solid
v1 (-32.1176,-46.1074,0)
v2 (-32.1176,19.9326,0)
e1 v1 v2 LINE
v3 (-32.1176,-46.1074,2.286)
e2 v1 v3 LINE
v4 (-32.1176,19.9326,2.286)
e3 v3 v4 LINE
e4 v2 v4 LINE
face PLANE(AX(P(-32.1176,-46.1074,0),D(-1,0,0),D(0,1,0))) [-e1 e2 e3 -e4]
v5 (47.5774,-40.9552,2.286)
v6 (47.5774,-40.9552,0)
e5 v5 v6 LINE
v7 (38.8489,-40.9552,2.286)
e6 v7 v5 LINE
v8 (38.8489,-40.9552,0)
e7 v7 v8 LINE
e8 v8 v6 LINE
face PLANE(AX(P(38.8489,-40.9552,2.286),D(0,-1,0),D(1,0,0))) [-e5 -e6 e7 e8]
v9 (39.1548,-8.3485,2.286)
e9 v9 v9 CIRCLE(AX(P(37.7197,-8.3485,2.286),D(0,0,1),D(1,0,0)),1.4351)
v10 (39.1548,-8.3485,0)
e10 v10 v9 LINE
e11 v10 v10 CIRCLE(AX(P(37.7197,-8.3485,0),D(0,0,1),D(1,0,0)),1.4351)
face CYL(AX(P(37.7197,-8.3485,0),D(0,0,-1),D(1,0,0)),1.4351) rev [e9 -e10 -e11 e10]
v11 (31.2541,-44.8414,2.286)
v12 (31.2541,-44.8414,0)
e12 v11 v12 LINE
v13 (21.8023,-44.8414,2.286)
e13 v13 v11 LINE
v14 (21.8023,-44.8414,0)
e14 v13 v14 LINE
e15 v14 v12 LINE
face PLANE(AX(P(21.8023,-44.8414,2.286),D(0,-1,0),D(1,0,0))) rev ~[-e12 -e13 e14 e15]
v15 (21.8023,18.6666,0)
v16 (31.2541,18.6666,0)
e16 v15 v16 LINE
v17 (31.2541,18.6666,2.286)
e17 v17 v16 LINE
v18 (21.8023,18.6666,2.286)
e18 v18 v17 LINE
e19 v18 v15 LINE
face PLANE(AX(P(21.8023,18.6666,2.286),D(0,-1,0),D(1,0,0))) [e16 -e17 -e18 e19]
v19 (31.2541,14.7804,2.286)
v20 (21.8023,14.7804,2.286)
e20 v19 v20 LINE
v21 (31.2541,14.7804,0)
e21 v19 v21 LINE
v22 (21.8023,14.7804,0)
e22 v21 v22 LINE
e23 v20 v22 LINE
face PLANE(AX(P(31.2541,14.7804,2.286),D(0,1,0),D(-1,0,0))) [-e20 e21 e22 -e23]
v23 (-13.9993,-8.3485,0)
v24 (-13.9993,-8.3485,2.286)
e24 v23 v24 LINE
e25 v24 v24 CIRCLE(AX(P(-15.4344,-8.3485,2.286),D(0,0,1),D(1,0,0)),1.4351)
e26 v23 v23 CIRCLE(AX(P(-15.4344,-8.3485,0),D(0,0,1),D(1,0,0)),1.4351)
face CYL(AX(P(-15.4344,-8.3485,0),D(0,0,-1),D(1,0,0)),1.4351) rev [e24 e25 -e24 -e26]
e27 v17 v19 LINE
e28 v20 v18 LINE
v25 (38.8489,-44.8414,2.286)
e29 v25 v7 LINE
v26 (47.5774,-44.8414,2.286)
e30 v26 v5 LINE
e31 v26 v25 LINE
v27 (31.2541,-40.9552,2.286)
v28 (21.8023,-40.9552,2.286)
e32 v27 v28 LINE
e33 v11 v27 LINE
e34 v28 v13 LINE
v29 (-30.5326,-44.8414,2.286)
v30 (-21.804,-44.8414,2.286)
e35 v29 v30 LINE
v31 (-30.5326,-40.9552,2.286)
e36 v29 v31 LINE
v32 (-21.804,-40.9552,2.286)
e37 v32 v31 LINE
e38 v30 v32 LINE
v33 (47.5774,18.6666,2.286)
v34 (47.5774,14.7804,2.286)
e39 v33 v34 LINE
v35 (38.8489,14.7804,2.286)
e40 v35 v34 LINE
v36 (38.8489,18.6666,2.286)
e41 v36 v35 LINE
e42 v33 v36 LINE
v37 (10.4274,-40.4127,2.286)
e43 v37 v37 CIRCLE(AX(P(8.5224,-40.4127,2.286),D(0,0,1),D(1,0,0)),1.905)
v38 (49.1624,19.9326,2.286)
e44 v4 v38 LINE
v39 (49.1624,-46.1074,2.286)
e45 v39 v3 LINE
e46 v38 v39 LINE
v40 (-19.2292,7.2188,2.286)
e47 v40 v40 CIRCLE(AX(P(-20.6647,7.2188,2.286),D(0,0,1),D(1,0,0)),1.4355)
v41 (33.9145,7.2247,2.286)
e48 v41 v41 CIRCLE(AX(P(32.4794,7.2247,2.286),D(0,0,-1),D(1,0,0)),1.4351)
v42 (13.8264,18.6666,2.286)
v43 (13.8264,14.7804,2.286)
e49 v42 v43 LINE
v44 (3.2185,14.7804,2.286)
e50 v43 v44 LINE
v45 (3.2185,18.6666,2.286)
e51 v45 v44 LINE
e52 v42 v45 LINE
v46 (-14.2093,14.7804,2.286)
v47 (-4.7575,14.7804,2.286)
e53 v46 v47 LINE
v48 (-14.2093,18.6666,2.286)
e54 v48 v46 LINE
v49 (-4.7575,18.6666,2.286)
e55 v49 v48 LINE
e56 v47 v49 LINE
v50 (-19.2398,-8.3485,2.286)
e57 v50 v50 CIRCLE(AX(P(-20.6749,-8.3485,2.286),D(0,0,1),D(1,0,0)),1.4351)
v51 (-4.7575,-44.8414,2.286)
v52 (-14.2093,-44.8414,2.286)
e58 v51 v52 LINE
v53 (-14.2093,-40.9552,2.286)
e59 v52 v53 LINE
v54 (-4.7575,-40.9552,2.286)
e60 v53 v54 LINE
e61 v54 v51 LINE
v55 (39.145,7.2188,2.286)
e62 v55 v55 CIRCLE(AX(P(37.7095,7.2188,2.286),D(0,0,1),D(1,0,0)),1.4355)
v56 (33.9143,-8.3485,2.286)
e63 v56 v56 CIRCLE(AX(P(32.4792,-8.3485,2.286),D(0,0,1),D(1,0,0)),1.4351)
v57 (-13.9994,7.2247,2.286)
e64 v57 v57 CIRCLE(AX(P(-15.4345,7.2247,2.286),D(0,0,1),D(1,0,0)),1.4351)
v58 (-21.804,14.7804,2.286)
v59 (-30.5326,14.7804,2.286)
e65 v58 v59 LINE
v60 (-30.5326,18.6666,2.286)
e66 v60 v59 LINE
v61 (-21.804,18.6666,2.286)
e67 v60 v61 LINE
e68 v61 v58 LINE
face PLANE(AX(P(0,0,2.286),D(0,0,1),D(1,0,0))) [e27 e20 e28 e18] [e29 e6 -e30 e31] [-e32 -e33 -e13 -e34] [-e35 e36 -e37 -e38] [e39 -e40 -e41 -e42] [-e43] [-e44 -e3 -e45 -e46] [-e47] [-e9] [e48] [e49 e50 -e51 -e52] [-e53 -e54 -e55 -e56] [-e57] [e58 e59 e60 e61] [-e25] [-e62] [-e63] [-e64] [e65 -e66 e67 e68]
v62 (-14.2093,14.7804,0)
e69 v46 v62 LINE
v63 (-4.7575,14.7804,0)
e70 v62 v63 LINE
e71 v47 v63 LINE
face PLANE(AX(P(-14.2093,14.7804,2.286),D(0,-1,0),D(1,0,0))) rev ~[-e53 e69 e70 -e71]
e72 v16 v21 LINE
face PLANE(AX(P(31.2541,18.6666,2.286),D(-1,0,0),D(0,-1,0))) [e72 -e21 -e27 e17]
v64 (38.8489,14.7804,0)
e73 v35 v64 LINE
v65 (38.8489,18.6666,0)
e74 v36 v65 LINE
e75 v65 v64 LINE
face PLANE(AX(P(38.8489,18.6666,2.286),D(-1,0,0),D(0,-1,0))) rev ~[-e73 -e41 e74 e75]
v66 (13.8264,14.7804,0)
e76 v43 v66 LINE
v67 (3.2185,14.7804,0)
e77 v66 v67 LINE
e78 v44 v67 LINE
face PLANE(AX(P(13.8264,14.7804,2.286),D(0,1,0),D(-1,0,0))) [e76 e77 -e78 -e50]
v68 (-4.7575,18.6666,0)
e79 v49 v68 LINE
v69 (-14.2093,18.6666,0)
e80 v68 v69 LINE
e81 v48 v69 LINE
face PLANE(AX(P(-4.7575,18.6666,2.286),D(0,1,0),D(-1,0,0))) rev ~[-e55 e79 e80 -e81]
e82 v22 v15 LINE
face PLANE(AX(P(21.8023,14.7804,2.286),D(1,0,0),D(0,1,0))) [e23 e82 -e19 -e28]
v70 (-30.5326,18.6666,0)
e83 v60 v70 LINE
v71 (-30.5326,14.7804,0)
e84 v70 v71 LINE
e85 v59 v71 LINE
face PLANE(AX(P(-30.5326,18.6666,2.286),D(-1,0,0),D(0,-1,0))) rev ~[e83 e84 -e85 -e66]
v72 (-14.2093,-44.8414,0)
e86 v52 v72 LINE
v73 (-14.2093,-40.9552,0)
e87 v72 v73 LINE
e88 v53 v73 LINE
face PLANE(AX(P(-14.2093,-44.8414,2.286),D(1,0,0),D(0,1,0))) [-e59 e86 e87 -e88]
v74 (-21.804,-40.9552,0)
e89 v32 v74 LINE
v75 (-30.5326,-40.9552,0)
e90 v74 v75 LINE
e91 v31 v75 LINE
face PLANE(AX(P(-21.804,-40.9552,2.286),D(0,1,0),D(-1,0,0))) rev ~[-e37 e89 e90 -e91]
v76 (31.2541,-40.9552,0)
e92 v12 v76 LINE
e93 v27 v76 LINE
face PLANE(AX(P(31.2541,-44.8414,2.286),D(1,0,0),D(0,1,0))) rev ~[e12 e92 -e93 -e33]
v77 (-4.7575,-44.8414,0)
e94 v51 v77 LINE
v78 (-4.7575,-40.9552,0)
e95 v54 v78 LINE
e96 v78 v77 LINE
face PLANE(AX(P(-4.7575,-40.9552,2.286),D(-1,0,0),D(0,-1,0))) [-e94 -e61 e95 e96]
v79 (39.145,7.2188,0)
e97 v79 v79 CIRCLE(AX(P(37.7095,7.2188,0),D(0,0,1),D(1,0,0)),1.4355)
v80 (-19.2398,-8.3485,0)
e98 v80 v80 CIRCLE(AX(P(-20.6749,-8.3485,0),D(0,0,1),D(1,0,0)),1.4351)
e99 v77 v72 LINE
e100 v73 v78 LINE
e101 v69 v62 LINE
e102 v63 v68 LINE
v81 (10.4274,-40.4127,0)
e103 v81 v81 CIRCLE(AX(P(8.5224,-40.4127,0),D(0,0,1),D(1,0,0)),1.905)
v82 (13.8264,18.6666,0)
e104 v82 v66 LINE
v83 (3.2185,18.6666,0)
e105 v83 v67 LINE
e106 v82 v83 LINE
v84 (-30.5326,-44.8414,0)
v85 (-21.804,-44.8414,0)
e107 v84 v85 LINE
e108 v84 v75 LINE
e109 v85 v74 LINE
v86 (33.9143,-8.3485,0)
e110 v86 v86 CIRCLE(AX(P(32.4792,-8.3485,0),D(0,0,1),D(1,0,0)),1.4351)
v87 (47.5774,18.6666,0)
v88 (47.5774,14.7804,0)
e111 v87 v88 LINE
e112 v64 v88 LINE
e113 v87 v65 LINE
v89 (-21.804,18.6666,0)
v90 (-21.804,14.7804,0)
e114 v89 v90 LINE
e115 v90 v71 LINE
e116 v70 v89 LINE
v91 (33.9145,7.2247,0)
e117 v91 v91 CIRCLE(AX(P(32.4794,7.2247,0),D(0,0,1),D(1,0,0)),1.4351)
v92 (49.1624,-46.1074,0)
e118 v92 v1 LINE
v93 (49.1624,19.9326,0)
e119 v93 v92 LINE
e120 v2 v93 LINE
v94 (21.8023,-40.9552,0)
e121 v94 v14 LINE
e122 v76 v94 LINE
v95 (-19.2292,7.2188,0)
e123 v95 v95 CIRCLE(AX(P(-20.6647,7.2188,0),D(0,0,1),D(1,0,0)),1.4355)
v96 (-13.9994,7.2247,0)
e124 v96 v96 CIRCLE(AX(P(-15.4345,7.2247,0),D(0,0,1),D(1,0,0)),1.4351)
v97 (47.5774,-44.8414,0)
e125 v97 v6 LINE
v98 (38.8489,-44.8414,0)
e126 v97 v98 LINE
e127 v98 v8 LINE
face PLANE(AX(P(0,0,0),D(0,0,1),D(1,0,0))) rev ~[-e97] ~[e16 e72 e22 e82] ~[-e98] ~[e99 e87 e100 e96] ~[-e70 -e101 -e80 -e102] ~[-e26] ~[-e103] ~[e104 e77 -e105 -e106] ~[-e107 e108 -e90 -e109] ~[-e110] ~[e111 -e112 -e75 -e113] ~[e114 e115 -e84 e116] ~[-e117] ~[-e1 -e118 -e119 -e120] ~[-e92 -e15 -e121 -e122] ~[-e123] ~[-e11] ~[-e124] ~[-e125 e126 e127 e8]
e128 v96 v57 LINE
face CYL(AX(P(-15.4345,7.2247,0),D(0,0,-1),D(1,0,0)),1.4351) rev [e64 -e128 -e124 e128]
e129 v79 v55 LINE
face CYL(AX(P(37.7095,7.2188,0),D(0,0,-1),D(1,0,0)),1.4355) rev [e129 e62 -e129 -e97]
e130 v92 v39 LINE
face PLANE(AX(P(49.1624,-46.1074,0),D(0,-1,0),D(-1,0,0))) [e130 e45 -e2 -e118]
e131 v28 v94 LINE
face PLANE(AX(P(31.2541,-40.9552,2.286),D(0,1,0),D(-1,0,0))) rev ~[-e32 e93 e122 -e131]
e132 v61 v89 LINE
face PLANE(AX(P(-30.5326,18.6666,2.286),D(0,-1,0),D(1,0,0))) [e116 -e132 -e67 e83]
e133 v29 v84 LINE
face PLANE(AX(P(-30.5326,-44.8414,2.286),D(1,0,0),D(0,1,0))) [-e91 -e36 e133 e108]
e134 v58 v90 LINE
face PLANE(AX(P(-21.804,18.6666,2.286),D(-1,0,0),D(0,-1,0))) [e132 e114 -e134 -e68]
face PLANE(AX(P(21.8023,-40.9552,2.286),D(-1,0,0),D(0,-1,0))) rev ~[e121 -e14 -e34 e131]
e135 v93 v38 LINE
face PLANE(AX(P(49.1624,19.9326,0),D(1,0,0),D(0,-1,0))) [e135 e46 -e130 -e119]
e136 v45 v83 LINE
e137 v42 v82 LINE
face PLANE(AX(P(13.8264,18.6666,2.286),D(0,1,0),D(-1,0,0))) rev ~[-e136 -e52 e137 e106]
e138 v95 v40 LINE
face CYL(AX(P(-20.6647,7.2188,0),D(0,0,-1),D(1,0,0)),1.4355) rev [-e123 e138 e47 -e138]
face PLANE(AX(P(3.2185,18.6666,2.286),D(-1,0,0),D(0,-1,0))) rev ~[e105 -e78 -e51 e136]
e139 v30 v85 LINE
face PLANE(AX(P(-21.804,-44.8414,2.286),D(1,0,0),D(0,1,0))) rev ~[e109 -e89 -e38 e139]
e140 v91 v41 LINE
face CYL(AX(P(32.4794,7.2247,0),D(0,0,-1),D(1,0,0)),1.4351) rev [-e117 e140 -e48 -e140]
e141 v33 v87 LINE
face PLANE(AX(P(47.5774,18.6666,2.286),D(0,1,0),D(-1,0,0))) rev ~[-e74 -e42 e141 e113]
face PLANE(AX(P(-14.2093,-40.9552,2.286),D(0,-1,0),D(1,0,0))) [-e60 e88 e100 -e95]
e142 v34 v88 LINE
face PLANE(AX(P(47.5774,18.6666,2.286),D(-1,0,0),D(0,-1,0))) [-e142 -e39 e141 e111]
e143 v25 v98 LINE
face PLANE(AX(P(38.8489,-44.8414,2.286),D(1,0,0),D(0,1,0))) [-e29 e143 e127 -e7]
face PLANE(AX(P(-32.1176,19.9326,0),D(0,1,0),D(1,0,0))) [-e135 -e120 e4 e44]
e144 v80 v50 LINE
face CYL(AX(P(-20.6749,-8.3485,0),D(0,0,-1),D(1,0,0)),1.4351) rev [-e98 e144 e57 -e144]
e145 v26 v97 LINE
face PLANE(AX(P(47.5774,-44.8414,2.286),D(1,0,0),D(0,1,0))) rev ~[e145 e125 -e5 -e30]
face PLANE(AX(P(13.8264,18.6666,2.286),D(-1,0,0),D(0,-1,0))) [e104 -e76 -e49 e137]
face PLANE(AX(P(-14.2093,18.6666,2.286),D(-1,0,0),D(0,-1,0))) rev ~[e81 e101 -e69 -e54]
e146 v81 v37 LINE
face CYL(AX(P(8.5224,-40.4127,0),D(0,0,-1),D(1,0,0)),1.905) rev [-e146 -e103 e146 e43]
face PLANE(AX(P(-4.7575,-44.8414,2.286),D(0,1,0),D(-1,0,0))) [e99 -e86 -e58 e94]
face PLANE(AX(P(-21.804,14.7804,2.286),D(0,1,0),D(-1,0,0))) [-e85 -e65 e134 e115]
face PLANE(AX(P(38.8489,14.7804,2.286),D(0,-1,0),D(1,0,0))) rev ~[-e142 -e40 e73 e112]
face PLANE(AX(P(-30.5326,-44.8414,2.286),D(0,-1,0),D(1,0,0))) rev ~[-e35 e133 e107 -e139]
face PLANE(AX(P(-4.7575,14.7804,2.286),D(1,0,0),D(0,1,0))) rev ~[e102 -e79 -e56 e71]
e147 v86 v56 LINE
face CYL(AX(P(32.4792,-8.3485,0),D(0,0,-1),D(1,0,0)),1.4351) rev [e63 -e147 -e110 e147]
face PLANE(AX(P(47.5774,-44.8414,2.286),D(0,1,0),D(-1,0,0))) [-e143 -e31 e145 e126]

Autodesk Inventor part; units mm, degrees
ref_plane "YZ Plane" through (0, 0, 0) normal (1, 0, 0) x (0, 1, 0)
ref_plane "XZ Plane" through (0, 0, 0) normal (0, 1, 0) x (-1, 0, 0)
ref_plane "XY Plane" through (0, 0, 0) normal (0, 0, 1) x (1, 0, 0)
sketch "Sketch1" plane through (0, 0, 0) normal (0, 0, 1) x (1, 0, 0)
  line L0 (-32.1176, 19.9326) -> (49.1624, 19.9326)
  line L1 (49.1624, 19.9326) -> (49.1624, -46.1074)
  line L2 (49.1624, -46.1074) -> (-32.1176, -46.1074)
  line L3 (-32.1176, -46.1074) -> (-32.1176, 19.9326)
  circle A0 centre (8.5224, -40.4127) radius 1.905
  circle A1 centre (32.4792, -8.3485) radius 1.4351
  circle A2 centre (32.4792, -8.3485) radius 1.4351
  circle A3 centre (32.4734, 7.2247) radius 1.4292
  circle A4 centre (37.7095, 7.2188) radius 1.4355
  circle A5 centre (37.7095, 7.2188) radius 1.4355
  circle A6 centre (37.7197, -8.3485) radius 1.4351
  circle A7 centre (32.4794, 7.2247) radius 1.4351
  circle A8 centre (-15.4344, -8.3485) radius 1.4351
  circle A9 centre (-15.4344, -8.3485) radius 1.4351
  circle A10 centre (-15.4286, 7.2247) radius 1.4292
  circle A11 centre (-20.6647, 7.2188) radius 1.4355
  circle A12 centre (-20.6647, 7.2188) radius 1.4355
  circle A13 centre (-20.6749, -8.3485) radius 1.4351
  circle A14 centre (-15.4345, 7.2247) radius 1.4351
  point P0 (0, 0)
  dimension "d0" = 81.28
  dimension "d1" = 66.04
  dimension "d2" = 3.81
extrude "Extrusion1" add sketch "Sketch1" along normal blind 2.286 contours L0 L1 L2 L3
sketch "Sketch2" plane through (0, 0, 2.286) normal (0, 0, 1) x (1, 0, 0)
  line L0 (49.1624, -46.1074) -> (49.1624, 19.9326) projected
  line L1 (49.1624, -13.0874) -> (-32.1176, -13.0874)
  line L2 (-32.1176, 19.9326) -> (-32.1176, -46.1074) projected
  line L3 (-32.1176, -46.1074) -> (49.1624, -46.1074) projected
  line L4 (49.1624, 19.9326) -> (-32.1176, 19.9326) projected
  line L5 (47.5774, -44.8414) -> (47.5774, -40.9552)
  line L6 (47.5774, -44.8414) -> (38.8489, -44.8414)
  line L7 (38.8489, -44.8414) -> (38.8489, -40.9552)
  line L8 (38.8489, -40.9552) -> (47.5774, -40.9552)
  line L9 (-30.5326, -44.8414) -> (-30.5326, -40.9552)
  line L10 (-30.5326, -44.8414) -> (-21.804, -44.8414)
  line L11 (-21.804, -44.8414) -> (-21.804, -40.9552)
  line L12 (-21.804, -40.9552) -> (-30.5326, -40.9552)
  line L13 (31.2541, -44.8414) -> (31.2541, -40.9552)
  line L14 (31.2541, -40.9552) -> (21.8023, -40.9552)
  line L15 (21.8023, -40.9552) -> (21.8023, -44.8414)
  line L16 (21.8023, -44.8414) -> (31.2541, -44.8414)
  line L17 (-32.1176, 19.9326) -> (49.1624, 19.9326)
  line L18 (47.5774, 18.6666) -> (47.5774, 14.7804)
  line L19 (47.5774, 18.6666) -> (38.8489, 18.6666)
  line L20 (38.8489, 18.6666) -> (38.8489, 14.7804)
  line L21 (38.8489, 14.7804) -> (47.5774, 14.7804)
  line L22 (-21.804, 18.6666) -> (-21.804, 14.7804)
  line L23 (-30.5326, 18.6666) -> (-21.804, 18.6666)
  line L24 (-21.804, 14.7804) -> (-30.5326, 14.7804)
  line L25 (-30.5326, 18.6666) -> (-30.5326, 14.7804)
  line L26 (31.2541, 18.6666) -> (31.2541, 14.7804)
  line L27 (31.2541, 14.7804) -> (21.8023, 14.7804)
  line L28 (21.8023, 14.7804) -> (21.8023, 18.6666)
  line L29 (21.8023, 18.6666) -> (31.2541, 18.6666)
  line L30 (-14.2093, -44.8414) -> (-14.2093, -40.9552)
  line L31 (-14.2093, -40.9552) -> (-4.7575, -40.9552)
  line L32 (-4.7575, -40.9552) -> (-4.7575, -44.8414)
  line L33 (-4.7575, -44.8414) -> (-14.2093, -44.8414)
  line L34 (-4.7575, 14.7804) -> (-4.7575, 18.6666)
  line L35 (-14.2093, 14.7804) -> (-4.7575, 14.7804)
  line L36 (-4.7575, 18.6666) -> (-14.2093, 18.6666)
  line L37 (-14.2093, 18.6666) -> (-14.2093, 14.7804)
  line L38 (13.8264, 18.6666) -> (13.8264, 14.7804)
  line L39 (3.2185, 18.6666) -> (3.2185, 14.7804)
  line L40 (13.8264, 14.7804) -> (3.2185, 14.7804)
  line L41 (13.8264, 18.6666) -> (3.2185, 18.6666)
  point P0 (0, 0)
  dimension "d15" = 3.8862
extrude "Extrusion2" cut sketch "Sketch2" against normal through all contours L6 L7 L8 L5 | L9 L12 L11 L10 | L16 L15 L14 L13 | L18 L21 L20 L19 | L22 L24 L25 L23 | L26 L27 L28 L29 | L30 L31 L32 L33 | L35 L37 L36 L34 | L38 L40 L39 L41
sketch "Sketch3" plane through (0, 0, 2.286) normal (0, 0, 1) x (1, 0, 0)
  line L0 (49.1624, -46.1074) -> (-32.1176, -46.1074) projected
  line L1 (-32.1176, 19.9326) -> (49.1624, 19.9326) projected
  line L2 (49.1624, 19.9326) -> (49.1624, -46.1074) projected
  line L3 (49.1624, -13.0874) -> (-32.1176, -13.0874)
  line L4 (-32.1176, -46.1074) -> (-32.1176, 19.9326) projected
  point P0 (0, 0)
sketch "Sketch4" plane through (0, 0, 2.286) normal (0, 0, 1) x (1, 0, 0)
  line L0 (49.1624, -46.1074) -> (-32.1176, -46.1074) projected
  line L1 (49.1624, 19.9326) -> (49.1624, -46.1074) projected
  line L2 (49.1624, -46.1074) -> (49.1624, 19.9326)
  line L3 (-32.1176, 19.9326) -> (49.1624, 19.9326) projected
  line L4 (49.1624, 19.9326) -> (-32.1176, 19.9326)
  line L5 (-32.1176, -46.1074) -> (-32.1176, 19.9326) projected
  line L6 (-32.1176, 19.9326) -> (-32.1176, -46.1074)
  line L7 (-32.1176, -46.1074) -> (49.1624, -46.1074)
  line L8 (47.5774, -44.8414) -> (38.8489, -44.8414) projected
  line L9 (47.5774, -44.8414) -> (38.8489, -44.8414)
  line L10 (38.8489, -40.9552) -> (38.8489, -44.8414) projected
  line L11 (38.8489, -44.8414) -> (38.8489, -40.9552)
  line L12 (38.8489, -40.9552) -> (47.5774, -40.9552) projected
  line L13 (38.8489, -40.9552) -> (47.5774, -40.9552)
  line L14 (47.5774, -40.9552) -> (47.5774, -44.8414) projected
  line L15 (47.5774, -40.9552) -> (47.5774, -44.8414)
  line L16 (47.5774, 14.7804) -> (38.8489, 14.7804) projected
  line L17 (47.5774, 14.7804) -> (38.8489, 14.7804)
  line L18 (38.8489, 14.7804) -> (38.8489, 18.6666) projected
  line L19 (38.8489, 14.7804) -> (38.8489, 18.6666)
  line L20 (38.8489, 18.6666) -> (47.5774, 18.6666) projected
  line L21 (38.8489, 18.6666) -> (47.5774, 18.6666)
  line L22 (47.5774, 18.6666) -> (47.5774, 14.7804) projected
  line L23 (47.5774, 18.6666) -> (47.5774, 14.7804)
  line L24 (31.2541, -44.8414) -> (21.8023, -44.8414) projected
  line L25 (31.2541, -44.8414) -> (21.8023, -44.8414)
  line L26 (21.8023, -40.9552) -> (21.8023, -44.8414) projected
  line L27 (21.8023, -44.8414) -> (21.8023, -40.9552)
  line L28 (21.8023, -40.9552) -> (31.2541, -40.9552)
  line L29 (31.2541, -40.9552) -> (31.2541, -44.8414) projected
  line L30 (31.2541, -40.9552) -> (31.2541, -44.8414)
  line L31 (-4.7575, -44.8414) -> (-14.2093, -44.8414) projected
  line L32 (-4.7575, -44.8414) -> (-14.2093, -44.8414)
  line L33 (-14.2093, -40.9552) -> (-14.2093, -44.8414) projected
  line L34 (-14.2093, -44.8414) -> (-14.2093, -40.9552)
  line L35 (-4.7575, -40.9552) -> (-14.2093, -40.9552) projected
  line L36 (-14.2093, -40.9552) -> (-4.7575, -40.9552)
  line L37 (-4.7575, -40.9552) -> (-4.7575, -44.8414) projected
  line L38 (-4.7575, -40.9552) -> (-4.7575, -44.8414)
  line L39 (-21.804, -40.9552) -> (-21.804, -44.8414) projected
  line L40 (-30.5326, -44.8414) -> (-21.804, -44.8414) projected
  line L41 (-21.804, -44.8414) -> (-30.5326, -44.8414)
  line L42 (-30.5326, -44.8414) -> (-30.5326, -40.9552)
  line L43 (-30.5326, -40.9552) -> (-21.804, -40.9552) projected
  line L44 (-30.5326, -40.9552) -> (-21.804, -40.9552)
  line L45 (-21.804, -40.9552) -> (-21.804, -44.8414)
  line L46 (31.2541, 14.7804) -> (21.8023, 14.7804) projected
  line L47 (31.2541, 14.7804) -> (21.8023, 14.7804)
  line L48 (21.8023, 14.7804) -> (21.8023, 18.6666) projected
  line L49 (21.8023, 14.7804) -> (21.8023, 18.6666)
  line L50 (21.8023, 18.6666) -> (31.2541, 18.6666) projected
  line L51 (21.8023, 18.6666) -> (31.2541, 18.6666)
  line L52 (31.2541, 18.6666) -> (31.2541, 14.7804) projected
  line L53 (31.2541, 18.6666) -> (31.2541, 14.7804)
  line L54 (3.2185, 14.7804) -> (13.8264, 14.7804) projected
  line L55 (13.8264, 14.7804) -> (3.2185, 14.7804)
  line L56 (3.2185, 18.6666) -> (3.2185, 14.7804) projected
  line L57 (3.2185, 14.7804) -> (3.2185, 18.6666)
  line L58 (3.2185, 18.6666) -> (13.8264, 18.6666) projected
  line L59 (3.2185, 18.6666) -> (13.8264, 18.6666)
  line L60 (13.8264, 14.7804) -> (13.8264, 18.6666) projected
  line L61 (13.8264, 18.6666) -> (13.8264, 14.7804)
  line L62 (-4.7575, 14.7804) -> (-14.2093, 14.7804) projected
  line L63 (-4.7575, 14.7804) -> (-14.2093, 14.7804)
  line L64 (-14.2093, 14.7804) -> (-14.2093, 18.6666) projected
  line L65 (-14.2093, 14.7804) -> (-14.2093, 18.6666)
  line L66 (-14.2093, 18.6666) -> (-4.7575, 18.6666) projected
  line L67 (-14.2093, 18.6666) -> (-4.7575, 18.6666)
  line L68 (-4.7575, 18.6666) -> (-4.7575, 14.7804)
  line L69 (-4.7575, 18.6666) -> (-4.7575, 14.7804) projected
  line L70 (-21.804, 18.6666) -> (-21.804, 14.7804) projected
  line L71 (-21.804, 14.7804) -> (-30.5326, 14.7804) projected
  line L72 (-21.804, 14.7804) -> (-30.5326, 14.7804)
  line L73 (-30.5326, 18.6666) -> (-21.804, 18.6666) projected
  line L74 (-30.5326, 14.7804) -> (-30.5326, 18.6666)
  line L75 (-30.5326, 18.6666) -> (-21.804, 18.6666)
  line L76 (-21.804, 18.6666) -> (-21.804, 14.7804)
  point P0 (0, 0)
sketch "Sketch5" plane through (0, 0, 2.286) normal (0, 0, 1) x (1, 0, 0)
  line L0 (-32.1176, 19.9326) -> (49.1624, 19.9326) projected
  line L1 (8.5224, 19.9326) -> (8.5224, -12.873)
  line L2 (34.6629, 19.9326) -> (34.6629, 23.8188)
  line L3 (-17.618, 19.9326) -> (-17.618, 23.8188)
  line L4 (-0.161, 19.9326) -> (-17.618, 19.9326)
  line L5 (17.2058, 19.9326) -> (34.6629, 19.9326)
  line L6 (34.6629, 23.8188) -> (24.0248, 23.8188)
  line L7 (24.0248, 23.8188) -> (24.0248, 19.9326)
  line L8 (34.6629, 19.9326) -> (24.0248, 19.9326)
  line L9 (-17.618, 23.8188) -> (-6.9754, 23.8188)
  line L10 (-17.618, 19.9326) -> (-8.8895, 19.9326)
  line L11 (-6.9754, 19.9326) -> (-6.9754, 23.8188)
  line L12 (13.8264, 19.9326) -> (13.8264, 23.8188)
  line L13 (3.2185, 19.9326) -> (3.2185, 23.8188)
  line L14 (13.8264, 23.8188) -> (3.2185, 23.8188)
  point P0 (0, 0)
  dimension "d23" = 10.6426
  dimension "d24" = 3.8862
  dimension "d25" = 3.8862
properties part number "mcdave_frame"
